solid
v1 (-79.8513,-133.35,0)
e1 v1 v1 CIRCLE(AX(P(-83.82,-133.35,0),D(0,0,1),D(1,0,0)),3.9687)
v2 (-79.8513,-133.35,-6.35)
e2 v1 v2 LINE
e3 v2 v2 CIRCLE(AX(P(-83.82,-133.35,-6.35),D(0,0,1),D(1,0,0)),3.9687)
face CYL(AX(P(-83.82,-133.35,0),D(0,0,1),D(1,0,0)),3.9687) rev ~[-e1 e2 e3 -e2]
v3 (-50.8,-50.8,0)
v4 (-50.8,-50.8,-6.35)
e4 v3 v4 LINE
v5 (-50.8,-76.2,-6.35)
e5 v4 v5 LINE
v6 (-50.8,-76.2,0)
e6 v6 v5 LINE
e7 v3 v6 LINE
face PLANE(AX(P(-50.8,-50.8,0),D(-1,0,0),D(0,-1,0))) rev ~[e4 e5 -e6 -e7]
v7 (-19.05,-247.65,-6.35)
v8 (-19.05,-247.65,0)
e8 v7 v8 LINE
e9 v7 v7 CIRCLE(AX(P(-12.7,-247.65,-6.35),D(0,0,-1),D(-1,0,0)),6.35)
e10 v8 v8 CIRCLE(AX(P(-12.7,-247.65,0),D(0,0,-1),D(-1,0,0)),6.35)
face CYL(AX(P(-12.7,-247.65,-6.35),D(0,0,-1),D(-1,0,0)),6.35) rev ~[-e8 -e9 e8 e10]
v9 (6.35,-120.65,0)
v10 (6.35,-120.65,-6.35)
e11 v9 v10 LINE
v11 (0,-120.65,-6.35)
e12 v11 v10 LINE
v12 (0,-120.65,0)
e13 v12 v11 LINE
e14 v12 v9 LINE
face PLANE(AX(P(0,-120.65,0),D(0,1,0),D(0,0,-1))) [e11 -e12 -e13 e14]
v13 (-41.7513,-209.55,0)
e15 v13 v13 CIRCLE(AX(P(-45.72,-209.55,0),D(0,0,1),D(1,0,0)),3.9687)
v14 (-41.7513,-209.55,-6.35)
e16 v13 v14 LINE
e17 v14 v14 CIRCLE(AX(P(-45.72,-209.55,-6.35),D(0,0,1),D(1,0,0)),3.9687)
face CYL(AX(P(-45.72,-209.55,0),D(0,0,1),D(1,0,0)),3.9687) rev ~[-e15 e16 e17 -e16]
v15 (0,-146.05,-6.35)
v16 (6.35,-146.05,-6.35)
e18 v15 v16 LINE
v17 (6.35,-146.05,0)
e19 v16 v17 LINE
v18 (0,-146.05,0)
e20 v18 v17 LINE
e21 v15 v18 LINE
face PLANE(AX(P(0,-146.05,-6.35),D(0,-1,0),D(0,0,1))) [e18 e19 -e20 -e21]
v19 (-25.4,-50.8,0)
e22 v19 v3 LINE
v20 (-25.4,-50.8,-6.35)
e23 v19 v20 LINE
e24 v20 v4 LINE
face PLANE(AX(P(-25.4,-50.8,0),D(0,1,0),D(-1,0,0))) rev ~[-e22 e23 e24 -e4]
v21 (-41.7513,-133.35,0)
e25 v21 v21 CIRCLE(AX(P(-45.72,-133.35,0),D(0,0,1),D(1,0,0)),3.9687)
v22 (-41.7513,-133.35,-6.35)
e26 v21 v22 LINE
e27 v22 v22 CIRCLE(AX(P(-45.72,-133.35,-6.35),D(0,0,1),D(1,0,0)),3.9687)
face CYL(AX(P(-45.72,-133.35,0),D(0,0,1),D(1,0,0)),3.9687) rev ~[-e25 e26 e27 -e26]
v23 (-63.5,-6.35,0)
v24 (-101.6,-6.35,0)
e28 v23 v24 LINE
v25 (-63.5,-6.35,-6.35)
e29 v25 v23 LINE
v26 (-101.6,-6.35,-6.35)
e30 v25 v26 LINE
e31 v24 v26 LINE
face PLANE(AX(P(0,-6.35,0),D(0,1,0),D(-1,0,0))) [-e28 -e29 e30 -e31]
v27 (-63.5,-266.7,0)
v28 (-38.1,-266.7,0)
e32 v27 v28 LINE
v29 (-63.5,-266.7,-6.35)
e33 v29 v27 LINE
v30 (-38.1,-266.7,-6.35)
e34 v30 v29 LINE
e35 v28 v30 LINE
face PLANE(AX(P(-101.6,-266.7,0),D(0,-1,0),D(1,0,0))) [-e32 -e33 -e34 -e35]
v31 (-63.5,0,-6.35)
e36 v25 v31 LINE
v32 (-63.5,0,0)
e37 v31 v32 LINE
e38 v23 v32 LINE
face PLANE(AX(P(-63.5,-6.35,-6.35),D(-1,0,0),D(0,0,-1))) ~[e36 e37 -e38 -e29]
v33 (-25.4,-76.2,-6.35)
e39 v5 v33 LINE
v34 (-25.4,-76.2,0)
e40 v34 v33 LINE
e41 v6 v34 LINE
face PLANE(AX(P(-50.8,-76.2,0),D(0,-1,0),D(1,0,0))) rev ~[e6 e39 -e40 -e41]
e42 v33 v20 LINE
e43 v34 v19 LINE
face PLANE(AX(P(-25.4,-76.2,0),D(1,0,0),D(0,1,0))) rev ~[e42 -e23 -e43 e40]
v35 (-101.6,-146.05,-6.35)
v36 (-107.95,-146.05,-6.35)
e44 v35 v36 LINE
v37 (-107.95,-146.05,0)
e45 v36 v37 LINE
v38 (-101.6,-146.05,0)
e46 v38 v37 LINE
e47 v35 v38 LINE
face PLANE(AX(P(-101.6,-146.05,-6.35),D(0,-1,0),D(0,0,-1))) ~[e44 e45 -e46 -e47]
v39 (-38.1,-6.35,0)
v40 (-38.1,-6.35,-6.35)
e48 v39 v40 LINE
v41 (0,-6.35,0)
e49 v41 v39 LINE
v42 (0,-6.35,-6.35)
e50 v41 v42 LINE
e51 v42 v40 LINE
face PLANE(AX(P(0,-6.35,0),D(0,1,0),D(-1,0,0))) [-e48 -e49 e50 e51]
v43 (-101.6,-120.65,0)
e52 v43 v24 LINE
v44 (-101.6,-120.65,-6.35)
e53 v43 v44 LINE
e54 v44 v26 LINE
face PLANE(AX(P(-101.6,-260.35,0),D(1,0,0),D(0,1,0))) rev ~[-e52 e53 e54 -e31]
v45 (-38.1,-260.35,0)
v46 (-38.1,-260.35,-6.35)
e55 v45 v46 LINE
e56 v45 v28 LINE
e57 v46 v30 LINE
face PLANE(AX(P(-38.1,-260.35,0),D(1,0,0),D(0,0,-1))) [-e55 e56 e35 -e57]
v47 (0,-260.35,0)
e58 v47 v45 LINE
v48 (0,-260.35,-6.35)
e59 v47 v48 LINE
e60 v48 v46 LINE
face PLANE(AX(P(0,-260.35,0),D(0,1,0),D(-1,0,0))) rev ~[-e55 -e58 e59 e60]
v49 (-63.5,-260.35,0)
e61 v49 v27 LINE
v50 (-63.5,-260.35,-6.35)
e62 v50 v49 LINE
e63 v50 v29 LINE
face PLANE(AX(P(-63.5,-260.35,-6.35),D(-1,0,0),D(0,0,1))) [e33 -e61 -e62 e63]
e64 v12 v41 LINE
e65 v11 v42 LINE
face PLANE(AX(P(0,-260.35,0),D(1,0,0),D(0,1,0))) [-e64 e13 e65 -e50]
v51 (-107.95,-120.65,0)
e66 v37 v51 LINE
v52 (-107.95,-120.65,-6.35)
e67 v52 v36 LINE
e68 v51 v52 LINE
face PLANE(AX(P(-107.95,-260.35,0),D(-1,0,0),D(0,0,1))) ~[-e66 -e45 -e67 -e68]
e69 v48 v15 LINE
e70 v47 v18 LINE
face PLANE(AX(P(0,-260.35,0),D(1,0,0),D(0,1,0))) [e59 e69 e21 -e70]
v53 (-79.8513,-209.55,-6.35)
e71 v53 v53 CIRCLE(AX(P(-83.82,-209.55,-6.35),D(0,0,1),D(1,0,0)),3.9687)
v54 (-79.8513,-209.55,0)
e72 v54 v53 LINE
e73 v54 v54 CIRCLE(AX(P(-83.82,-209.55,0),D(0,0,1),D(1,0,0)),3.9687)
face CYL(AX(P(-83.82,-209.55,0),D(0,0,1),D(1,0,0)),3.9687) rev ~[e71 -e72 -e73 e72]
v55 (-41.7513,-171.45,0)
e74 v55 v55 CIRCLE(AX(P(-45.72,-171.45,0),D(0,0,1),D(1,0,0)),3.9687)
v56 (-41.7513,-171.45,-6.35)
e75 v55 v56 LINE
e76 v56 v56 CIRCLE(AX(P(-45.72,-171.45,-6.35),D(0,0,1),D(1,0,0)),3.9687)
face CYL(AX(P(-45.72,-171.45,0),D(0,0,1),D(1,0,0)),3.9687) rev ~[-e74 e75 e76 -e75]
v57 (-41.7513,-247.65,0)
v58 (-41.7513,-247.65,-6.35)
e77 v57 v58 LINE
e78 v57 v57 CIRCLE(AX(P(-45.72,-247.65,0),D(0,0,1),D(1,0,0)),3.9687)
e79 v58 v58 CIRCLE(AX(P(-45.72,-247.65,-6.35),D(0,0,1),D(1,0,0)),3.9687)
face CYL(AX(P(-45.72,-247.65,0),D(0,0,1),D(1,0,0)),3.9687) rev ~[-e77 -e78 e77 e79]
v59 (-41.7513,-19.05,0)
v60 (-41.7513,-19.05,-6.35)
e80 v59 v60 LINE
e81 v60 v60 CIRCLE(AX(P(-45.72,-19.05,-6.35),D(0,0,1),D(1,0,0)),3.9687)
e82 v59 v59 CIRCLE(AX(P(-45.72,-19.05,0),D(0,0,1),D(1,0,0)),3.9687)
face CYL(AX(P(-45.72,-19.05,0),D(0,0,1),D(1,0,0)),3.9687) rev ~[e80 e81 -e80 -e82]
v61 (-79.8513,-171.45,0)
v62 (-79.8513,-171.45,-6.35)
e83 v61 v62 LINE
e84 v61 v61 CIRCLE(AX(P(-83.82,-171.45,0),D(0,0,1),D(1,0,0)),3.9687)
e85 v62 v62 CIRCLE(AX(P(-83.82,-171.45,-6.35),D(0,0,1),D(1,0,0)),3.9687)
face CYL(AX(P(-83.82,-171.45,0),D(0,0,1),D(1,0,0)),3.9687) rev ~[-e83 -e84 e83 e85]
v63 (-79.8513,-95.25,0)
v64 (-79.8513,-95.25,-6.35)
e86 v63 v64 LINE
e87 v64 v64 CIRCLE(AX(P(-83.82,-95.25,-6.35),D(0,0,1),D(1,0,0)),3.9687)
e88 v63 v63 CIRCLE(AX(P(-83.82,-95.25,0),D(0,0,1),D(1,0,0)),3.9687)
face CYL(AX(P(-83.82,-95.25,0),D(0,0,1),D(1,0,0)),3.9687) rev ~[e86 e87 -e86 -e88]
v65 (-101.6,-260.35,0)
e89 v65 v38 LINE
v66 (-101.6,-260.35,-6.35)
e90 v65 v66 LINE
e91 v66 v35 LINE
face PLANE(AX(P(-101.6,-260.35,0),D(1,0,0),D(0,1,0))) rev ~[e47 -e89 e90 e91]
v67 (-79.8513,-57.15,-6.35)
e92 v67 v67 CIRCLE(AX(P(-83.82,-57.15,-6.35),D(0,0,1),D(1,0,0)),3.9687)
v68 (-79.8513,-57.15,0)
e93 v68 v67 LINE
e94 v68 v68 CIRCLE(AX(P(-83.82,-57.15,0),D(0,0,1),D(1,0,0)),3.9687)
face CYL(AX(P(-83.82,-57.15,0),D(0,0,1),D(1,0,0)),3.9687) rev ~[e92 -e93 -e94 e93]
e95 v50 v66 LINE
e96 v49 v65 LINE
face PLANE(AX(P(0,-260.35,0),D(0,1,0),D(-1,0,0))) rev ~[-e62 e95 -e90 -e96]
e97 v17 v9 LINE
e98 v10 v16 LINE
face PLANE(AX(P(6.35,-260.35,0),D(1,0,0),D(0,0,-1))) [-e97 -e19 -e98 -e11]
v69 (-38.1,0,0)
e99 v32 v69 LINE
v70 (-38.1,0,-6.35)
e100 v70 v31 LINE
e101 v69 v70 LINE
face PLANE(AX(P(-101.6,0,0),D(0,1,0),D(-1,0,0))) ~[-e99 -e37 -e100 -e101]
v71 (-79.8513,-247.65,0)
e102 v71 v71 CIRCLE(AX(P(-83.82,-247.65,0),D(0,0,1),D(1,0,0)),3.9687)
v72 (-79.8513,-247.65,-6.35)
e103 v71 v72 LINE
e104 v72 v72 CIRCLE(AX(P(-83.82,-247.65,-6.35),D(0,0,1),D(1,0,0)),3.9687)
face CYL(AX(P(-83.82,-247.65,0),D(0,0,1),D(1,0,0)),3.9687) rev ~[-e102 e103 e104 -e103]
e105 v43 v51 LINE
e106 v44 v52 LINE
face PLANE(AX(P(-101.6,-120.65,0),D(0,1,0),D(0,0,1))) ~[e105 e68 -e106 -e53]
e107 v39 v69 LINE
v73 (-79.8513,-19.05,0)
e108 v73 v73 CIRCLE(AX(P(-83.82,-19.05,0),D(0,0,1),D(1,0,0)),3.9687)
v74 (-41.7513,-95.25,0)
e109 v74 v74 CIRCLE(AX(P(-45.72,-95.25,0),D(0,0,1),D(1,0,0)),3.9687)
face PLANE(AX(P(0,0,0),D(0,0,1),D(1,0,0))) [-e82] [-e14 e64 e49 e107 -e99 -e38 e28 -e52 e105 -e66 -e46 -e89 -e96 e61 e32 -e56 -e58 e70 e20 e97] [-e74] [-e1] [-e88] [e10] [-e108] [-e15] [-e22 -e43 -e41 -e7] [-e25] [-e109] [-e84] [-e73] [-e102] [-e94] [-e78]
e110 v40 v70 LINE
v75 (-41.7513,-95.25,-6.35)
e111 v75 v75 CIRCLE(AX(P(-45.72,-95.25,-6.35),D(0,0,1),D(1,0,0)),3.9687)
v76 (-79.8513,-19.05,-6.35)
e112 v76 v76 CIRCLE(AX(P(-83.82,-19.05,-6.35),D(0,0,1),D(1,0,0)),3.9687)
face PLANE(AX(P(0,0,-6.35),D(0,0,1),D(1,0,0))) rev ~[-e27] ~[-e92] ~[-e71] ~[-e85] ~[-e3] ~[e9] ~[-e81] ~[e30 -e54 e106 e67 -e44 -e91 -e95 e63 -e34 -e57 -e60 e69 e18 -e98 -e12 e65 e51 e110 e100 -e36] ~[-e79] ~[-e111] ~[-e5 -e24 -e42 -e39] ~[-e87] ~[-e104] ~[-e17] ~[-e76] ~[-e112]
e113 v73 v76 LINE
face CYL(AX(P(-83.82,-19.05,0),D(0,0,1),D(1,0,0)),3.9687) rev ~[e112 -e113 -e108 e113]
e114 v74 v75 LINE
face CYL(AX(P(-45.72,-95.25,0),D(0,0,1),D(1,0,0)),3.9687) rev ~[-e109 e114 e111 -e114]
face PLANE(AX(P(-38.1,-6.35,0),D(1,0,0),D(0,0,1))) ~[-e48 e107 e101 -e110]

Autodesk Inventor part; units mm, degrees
ref_plane "YZ Plane" through (0, 0, 0) normal (1, 0, 0) x (0, 1, 0)
ref_plane "XZ Plane" through (0, 0, 0) normal (0, 1, 0) x (-1, 0, 0)
ref_plane "XY Plane" through (0, 0, 0) normal (0, 0, 1) x (1, 0, 0)
sketch "Sketch1" plane through (0, 0, 0) normal (0, 0, 1) x (1, 0, 0)
  line L0 (-101.6, -273.05) -> (-101.6, 6.35) projected
  line L1 (0, -273.05) -> (0, 6.35) projected
  line L2 (0, -6.35) -> (-101.6, -6.35) projected
  line L3 (0, -260.35) -> (-101.6, -260.35) projected
  point P0 (0, 0)
extrude "Extrusion1" add sketch "Sketch1" against normal blind 6.35
sketch "Sketch2" plane through (-101.6, -260.35, 0) normal (0, -1, 0) x (1, 0, 0)
  line L0 (0, 0) -> (0, -6.35) projected
  line L1 (101.6, 0) -> (101.6, -6.35) projected
  line L2 (38.1, 0) -> (63.5, 0)
  line L3 (63.5, 0) -> (63.5, -6.35)
  line L4 (63.5, -6.35) -> (38.1, -6.35)
  line L5 (38.1, -6.35) -> (38.1, 0)
  dimension "d2" = 25.4
  dimension "d3" = 38.1
  dimension "d4" = 38.1
extrude "Extrusion2" add sketch "Sketch2" along normal blind 6.35
ref_plane "Work Plane1" through (-101.6, -133.35, -6.35) normal (0, -1, 0) x (1, 0, 0)
mirror "Mirror1" about plane through (-101.6, -133.35, -6.35) normal (0, -1, 0) of "Extrusion2"
sketch "Sketch3" plane through (0, -260.35, 0) normal (1, 0, 0) x (0, 0, -1)
  line L0 (0, 0) -> (6.35, 0) projected
  line L1 (0, 254) -> (6.35, 254) projected
  line L2 (0, 139.7) -> (6.35, 139.7)
  line L3 (6.35, 139.7) -> (6.35, 114.3)
  line L4 (6.35, 114.3) -> (0, 114.3)
  line L5 (0, 114.3) -> (0, 139.7)
  point P0 (0, 260.35)
  dimension "d7" = 25.4
  dimension "d8" = 6.35
  dimension "d9" = 114.3
  dimension "d10" = 114.3
extrude "Extrusion3" add sketch "Sketch3" along normal blind 6.35
ref_plane "Work Plane2" through (-50.8, -260.35, 0) normal (1, 0, 0) x (0, 0, -1)
mirror "Mirror2" about plane through (-50.8, -260.35, 0) normal (1, 0, 0) of "Extrusion3"
sketch "Sketch4" plane through (0, 0, 0) normal (0, 0, 1) x (1, 0, 0)
  line L0 (0, -6.35) -> (0, -120.65) projected
  line L1 (-38.1, -6.35) -> (0, -6.35) projected
  line L2 (-25.4, -50.8) -> (-50.8, -50.8)
  line L3 (-50.8, -50.8) -> (-50.8, -76.2)
  line L4 (-50.8, -76.2) -> (-25.4, -76.2)
  line L5 (-25.4, -76.2) -> (-25.4, -50.8)
  point P0 (0, 0)
  dimension "d13" = 25.4
  dimension "d14" = 25.4
  dimension "d15" = 25.4
  dimension "d16" = 44.45
extrude "Extrusion4" cut sketch "Sketch4" against normal through all
sketch "Sketch5" plane through (0, 0, 0) normal (0, 0, 1) x (1, 0, 0)
  line L0 (-101.6, -6.35) -> (-63.5, -6.35) projected
  line L1 (-101.6, -120.65) -> (-101.6, -6.35) projected
  line L2 (0, -260.35) -> (-38.1, -260.35) projected
  circle A0 centre (-83.82, -19.05) radius 3.9687
  circle A1 centre (-83.82, -57.15) radius 3.9687
  circle A2 centre (-83.82, -95.25) radius 3.9687
  circle A3 centre (-83.82, -133.35) radius 3.9687
  circle A4 centre (-83.82, -171.45) radius 3.9687
  circle A5 centre (-83.82, -209.55) radius 3.9687
  circle A6 centre (-83.82, -247.65) radius 3.9687
  circle A7 centre (-45.72, -19.05) radius 3.9687
  circle A8 centre (-45.72, -95.25) radius 3.9687
  circle A9 centre (-45.72, -133.35) radius 3.9687
  circle A10 centre (-45.72, -171.45) radius 3.9687
  circle A11 centre (-45.72, -209.55) radius 3.9687
  circle A12 centre (-45.72, -247.65) radius 3.9687
  point P0 (0, 0)
  dimension "d19" = 7.9375
  dimension "d20" = 17.78
  dimension "d21" = 12.7
  dimension "d24" = 38.1
  dimension "d31" = 38.1
extrude "Extrusion5" cut sketch "Sketch5" against normal through all
sketch "Sketch6" plane through (0, 0, -6.35) normal (0, 0, -1) x (-1, 0, 0)
  line L0 (0, -146.05) -> (0, -260.35) projected
  line L1 (0, -260.35) -> (38.1, -260.35) projected
  circle A0 centre (12.7, -247.65) radius 6.35
  point P0 (0, 0)
  dimension "d38" = 12.7
  dimension "d39" = 12.7
  dimension "d40" = 12.7
extrude "Extrusion6" cut sketch "Sketch6" against normal through all
equation "\"d3\" = d4"
equation "\"d9\" = d10"
properties part number "baseBoxLongSide01"
